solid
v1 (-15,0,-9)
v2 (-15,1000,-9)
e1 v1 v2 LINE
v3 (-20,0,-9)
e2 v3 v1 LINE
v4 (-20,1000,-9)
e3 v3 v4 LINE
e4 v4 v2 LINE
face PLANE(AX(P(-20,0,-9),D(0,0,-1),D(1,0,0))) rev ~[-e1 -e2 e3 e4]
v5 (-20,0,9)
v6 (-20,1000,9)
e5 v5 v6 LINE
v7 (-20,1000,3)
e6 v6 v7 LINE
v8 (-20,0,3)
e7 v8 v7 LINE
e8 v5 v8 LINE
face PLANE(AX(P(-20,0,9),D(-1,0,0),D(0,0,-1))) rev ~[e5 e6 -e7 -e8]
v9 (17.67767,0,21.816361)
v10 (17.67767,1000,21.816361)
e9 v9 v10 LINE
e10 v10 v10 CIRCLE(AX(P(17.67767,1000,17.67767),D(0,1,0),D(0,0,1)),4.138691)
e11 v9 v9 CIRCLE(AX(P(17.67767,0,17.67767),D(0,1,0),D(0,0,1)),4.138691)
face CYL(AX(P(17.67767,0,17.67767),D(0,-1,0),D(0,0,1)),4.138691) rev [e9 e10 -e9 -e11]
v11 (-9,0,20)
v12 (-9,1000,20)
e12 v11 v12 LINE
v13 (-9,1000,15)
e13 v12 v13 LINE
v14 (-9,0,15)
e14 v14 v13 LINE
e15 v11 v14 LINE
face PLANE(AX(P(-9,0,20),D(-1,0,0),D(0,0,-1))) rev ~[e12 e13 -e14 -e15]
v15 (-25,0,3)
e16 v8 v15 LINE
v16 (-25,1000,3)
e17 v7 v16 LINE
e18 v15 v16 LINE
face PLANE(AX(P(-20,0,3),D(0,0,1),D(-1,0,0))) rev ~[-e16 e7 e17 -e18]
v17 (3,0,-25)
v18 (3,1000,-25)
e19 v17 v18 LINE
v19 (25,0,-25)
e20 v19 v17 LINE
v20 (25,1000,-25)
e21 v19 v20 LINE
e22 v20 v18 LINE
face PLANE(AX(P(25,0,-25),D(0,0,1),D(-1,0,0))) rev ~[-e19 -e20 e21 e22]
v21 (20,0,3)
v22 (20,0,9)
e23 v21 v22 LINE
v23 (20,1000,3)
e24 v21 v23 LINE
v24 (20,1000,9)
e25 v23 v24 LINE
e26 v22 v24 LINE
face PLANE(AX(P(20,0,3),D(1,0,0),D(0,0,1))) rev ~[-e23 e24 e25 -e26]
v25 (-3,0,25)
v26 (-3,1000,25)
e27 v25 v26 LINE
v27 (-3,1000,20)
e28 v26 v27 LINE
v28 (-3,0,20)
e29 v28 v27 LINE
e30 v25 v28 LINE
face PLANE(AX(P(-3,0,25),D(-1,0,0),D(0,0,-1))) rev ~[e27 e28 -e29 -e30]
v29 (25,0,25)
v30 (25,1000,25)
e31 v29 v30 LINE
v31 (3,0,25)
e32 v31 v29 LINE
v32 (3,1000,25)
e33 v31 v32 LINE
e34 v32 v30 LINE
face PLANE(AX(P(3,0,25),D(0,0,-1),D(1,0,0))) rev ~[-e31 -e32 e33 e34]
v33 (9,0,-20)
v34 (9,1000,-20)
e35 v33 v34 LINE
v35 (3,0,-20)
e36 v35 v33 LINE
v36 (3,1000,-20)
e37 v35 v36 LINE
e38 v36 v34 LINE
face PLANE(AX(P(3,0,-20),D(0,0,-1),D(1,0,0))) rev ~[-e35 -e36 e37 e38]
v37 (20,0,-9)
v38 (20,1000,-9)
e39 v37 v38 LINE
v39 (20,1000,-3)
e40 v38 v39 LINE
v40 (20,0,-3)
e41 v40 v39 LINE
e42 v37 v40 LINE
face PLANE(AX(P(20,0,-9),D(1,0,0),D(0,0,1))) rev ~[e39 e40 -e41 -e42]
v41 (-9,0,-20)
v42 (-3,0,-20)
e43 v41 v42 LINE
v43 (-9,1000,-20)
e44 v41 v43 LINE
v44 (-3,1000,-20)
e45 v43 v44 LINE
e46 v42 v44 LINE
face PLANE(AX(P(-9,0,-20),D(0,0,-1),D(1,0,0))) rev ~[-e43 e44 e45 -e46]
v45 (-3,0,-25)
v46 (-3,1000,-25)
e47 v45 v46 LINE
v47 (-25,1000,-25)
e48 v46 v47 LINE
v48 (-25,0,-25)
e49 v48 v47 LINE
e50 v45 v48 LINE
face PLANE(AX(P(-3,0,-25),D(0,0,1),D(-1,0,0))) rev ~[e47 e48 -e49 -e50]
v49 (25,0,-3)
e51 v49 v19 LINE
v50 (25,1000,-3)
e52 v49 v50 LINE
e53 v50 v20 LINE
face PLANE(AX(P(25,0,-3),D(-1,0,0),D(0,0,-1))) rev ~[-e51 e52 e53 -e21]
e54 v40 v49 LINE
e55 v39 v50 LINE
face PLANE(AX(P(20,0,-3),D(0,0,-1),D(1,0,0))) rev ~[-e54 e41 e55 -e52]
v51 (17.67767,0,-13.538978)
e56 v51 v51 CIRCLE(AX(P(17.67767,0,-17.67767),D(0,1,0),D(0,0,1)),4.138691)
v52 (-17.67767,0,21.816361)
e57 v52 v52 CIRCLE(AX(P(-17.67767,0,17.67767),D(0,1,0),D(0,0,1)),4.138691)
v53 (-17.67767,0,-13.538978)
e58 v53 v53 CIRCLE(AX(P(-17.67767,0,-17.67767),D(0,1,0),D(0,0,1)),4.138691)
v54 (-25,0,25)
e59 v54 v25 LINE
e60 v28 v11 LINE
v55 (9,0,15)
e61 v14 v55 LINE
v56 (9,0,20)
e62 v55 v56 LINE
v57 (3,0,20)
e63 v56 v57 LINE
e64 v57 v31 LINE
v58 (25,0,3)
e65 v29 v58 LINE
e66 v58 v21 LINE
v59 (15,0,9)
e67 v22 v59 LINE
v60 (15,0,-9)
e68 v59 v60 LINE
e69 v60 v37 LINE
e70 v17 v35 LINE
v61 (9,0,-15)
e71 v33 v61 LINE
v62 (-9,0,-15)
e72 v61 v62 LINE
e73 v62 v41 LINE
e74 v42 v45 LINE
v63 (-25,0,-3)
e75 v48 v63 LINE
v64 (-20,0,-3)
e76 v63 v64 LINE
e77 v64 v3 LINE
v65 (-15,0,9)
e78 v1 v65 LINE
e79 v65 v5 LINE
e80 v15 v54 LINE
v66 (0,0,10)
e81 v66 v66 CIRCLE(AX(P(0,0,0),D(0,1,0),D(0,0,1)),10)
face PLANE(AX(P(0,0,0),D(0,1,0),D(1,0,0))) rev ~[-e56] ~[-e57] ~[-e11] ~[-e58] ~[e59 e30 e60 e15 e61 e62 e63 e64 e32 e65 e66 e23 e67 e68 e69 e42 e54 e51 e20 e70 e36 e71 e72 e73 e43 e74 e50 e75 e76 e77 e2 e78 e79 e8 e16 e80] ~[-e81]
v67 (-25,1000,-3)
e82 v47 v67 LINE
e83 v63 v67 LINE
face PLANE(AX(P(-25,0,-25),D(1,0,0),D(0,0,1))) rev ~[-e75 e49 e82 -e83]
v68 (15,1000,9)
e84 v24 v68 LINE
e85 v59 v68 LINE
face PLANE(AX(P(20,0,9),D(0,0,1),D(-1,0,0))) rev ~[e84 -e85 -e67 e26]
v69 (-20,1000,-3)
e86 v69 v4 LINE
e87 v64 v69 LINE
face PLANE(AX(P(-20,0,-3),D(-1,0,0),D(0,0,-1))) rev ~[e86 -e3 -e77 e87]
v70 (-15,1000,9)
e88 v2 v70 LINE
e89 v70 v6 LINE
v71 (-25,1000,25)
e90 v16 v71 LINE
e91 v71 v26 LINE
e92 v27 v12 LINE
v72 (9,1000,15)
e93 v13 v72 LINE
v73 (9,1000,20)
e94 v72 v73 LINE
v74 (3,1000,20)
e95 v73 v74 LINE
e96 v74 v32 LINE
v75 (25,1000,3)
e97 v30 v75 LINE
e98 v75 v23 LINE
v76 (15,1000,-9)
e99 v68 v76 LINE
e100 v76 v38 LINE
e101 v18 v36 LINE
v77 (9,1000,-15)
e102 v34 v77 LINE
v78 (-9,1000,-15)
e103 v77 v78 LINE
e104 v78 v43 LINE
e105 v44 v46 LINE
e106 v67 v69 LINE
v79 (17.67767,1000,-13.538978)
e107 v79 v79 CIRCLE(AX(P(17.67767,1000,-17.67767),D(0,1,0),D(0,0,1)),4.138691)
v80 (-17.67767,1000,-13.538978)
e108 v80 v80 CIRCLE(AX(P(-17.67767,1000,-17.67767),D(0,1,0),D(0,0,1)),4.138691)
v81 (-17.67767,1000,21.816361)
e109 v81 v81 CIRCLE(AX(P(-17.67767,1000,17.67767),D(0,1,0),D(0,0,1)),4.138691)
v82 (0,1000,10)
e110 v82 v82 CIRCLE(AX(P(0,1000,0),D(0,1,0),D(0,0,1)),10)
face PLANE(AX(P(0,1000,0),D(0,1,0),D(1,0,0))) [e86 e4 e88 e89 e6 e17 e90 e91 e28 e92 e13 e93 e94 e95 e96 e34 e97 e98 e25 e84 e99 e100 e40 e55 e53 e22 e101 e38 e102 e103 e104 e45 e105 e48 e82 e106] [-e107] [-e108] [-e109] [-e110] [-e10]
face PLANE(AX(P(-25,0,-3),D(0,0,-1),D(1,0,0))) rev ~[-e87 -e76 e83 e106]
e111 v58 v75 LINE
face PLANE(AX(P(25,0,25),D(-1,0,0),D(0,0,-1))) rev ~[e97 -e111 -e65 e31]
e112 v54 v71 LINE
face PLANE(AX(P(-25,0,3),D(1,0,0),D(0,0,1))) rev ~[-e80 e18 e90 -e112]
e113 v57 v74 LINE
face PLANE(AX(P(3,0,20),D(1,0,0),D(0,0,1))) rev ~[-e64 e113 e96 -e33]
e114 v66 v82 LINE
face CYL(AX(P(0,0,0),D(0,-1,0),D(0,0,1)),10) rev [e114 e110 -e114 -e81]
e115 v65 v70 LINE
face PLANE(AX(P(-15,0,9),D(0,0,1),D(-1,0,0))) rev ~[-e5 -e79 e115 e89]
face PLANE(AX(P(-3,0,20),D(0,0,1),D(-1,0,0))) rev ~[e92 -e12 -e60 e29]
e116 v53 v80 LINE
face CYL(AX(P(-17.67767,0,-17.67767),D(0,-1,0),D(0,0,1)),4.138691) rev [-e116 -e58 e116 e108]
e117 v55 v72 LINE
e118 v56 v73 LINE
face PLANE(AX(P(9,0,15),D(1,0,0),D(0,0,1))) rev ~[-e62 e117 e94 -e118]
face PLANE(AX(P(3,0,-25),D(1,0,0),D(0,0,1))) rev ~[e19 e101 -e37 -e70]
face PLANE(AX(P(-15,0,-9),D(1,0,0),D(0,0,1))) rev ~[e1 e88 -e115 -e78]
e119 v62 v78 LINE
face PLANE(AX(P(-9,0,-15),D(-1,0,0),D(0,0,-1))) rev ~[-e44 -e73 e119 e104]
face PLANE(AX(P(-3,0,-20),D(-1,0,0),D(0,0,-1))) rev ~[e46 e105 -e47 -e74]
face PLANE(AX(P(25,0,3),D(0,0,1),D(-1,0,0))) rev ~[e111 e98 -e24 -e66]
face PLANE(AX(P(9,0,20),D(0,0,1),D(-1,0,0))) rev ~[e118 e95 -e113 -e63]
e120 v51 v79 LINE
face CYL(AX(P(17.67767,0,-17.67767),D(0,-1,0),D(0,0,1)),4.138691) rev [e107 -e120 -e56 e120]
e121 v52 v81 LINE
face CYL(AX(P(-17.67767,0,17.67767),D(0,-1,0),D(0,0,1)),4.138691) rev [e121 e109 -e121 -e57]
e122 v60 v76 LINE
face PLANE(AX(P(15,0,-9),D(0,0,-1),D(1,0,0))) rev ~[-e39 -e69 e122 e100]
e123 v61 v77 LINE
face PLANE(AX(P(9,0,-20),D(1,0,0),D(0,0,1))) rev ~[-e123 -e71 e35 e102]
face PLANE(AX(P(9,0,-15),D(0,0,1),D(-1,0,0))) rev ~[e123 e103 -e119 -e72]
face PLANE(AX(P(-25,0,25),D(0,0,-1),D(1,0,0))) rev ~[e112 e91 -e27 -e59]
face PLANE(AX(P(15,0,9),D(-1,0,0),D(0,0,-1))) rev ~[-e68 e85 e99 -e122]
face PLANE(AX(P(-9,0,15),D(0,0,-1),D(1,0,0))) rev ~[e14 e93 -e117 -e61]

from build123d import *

# Parameters (mm, degrees)
SKETCH1_R           = 10
SKETCH1_R_2         = 4.138691164
BOSS_EXTRUDE1_DEPTH = 1000


with BuildPart() as part:
    # Sketch1 → Boss-Extrude1 (new body)
    with BuildSketch(Plane(origin=(0, 0, 0), x_dir=(1, 0, 0), z_dir=(0, 1, 0))):
        Polygon((-25, -3), (-25, -25), (-3, -25), (-3, -20), (-9, -20), (-9, -15), (9, -15), (9, -20), (3, -20), (3, -25), (25, -25), (25, -3), (20, -3), (20, -9), (15, -9), (15, 9), (20, 9), (20, 3), (25, 3), (25, 25), (3, 25), (3, 20), (9, 20), (9, 15), (-9, 15), (-9, 20), (-3, 20), (-3, 25), (-25, 25), (-25, 3), (-20, 3), (-20, 9), (-15, 9), (-15, -9), (-20, -9), (-20, -3), align=None)
        with Locations(Location((0, 0, 0), (0, 0, 270))):
            Circle(SKETCH1_R, mode=Mode.SUBTRACT)
        with Locations(Location((-17.67766953, 17.67766953, 0), (0, 0, 270))):
            Circle(SKETCH1_R_2, mode=Mode.SUBTRACT)
        with Locations(Location((17.67766953, 17.67766953, 0), (0, 0, 270))):
            Circle(SKETCH1_R_2, mode=Mode.SUBTRACT)
        with Locations(Location((17.67766953, -17.67766953, 0), (0, 0, 270))):
            Circle(SKETCH1_R_2, mode=Mode.SUBTRACT)
        with Locations(Location((-17.67766953, -17.67766953, 0), (0, 0, 270))):
            Circle(SKETCH1_R_2, mode=Mode.SUBTRACT)
    extrude(amount=BOSS_EXTRUDE1_DEPTH)


solid = part.part
